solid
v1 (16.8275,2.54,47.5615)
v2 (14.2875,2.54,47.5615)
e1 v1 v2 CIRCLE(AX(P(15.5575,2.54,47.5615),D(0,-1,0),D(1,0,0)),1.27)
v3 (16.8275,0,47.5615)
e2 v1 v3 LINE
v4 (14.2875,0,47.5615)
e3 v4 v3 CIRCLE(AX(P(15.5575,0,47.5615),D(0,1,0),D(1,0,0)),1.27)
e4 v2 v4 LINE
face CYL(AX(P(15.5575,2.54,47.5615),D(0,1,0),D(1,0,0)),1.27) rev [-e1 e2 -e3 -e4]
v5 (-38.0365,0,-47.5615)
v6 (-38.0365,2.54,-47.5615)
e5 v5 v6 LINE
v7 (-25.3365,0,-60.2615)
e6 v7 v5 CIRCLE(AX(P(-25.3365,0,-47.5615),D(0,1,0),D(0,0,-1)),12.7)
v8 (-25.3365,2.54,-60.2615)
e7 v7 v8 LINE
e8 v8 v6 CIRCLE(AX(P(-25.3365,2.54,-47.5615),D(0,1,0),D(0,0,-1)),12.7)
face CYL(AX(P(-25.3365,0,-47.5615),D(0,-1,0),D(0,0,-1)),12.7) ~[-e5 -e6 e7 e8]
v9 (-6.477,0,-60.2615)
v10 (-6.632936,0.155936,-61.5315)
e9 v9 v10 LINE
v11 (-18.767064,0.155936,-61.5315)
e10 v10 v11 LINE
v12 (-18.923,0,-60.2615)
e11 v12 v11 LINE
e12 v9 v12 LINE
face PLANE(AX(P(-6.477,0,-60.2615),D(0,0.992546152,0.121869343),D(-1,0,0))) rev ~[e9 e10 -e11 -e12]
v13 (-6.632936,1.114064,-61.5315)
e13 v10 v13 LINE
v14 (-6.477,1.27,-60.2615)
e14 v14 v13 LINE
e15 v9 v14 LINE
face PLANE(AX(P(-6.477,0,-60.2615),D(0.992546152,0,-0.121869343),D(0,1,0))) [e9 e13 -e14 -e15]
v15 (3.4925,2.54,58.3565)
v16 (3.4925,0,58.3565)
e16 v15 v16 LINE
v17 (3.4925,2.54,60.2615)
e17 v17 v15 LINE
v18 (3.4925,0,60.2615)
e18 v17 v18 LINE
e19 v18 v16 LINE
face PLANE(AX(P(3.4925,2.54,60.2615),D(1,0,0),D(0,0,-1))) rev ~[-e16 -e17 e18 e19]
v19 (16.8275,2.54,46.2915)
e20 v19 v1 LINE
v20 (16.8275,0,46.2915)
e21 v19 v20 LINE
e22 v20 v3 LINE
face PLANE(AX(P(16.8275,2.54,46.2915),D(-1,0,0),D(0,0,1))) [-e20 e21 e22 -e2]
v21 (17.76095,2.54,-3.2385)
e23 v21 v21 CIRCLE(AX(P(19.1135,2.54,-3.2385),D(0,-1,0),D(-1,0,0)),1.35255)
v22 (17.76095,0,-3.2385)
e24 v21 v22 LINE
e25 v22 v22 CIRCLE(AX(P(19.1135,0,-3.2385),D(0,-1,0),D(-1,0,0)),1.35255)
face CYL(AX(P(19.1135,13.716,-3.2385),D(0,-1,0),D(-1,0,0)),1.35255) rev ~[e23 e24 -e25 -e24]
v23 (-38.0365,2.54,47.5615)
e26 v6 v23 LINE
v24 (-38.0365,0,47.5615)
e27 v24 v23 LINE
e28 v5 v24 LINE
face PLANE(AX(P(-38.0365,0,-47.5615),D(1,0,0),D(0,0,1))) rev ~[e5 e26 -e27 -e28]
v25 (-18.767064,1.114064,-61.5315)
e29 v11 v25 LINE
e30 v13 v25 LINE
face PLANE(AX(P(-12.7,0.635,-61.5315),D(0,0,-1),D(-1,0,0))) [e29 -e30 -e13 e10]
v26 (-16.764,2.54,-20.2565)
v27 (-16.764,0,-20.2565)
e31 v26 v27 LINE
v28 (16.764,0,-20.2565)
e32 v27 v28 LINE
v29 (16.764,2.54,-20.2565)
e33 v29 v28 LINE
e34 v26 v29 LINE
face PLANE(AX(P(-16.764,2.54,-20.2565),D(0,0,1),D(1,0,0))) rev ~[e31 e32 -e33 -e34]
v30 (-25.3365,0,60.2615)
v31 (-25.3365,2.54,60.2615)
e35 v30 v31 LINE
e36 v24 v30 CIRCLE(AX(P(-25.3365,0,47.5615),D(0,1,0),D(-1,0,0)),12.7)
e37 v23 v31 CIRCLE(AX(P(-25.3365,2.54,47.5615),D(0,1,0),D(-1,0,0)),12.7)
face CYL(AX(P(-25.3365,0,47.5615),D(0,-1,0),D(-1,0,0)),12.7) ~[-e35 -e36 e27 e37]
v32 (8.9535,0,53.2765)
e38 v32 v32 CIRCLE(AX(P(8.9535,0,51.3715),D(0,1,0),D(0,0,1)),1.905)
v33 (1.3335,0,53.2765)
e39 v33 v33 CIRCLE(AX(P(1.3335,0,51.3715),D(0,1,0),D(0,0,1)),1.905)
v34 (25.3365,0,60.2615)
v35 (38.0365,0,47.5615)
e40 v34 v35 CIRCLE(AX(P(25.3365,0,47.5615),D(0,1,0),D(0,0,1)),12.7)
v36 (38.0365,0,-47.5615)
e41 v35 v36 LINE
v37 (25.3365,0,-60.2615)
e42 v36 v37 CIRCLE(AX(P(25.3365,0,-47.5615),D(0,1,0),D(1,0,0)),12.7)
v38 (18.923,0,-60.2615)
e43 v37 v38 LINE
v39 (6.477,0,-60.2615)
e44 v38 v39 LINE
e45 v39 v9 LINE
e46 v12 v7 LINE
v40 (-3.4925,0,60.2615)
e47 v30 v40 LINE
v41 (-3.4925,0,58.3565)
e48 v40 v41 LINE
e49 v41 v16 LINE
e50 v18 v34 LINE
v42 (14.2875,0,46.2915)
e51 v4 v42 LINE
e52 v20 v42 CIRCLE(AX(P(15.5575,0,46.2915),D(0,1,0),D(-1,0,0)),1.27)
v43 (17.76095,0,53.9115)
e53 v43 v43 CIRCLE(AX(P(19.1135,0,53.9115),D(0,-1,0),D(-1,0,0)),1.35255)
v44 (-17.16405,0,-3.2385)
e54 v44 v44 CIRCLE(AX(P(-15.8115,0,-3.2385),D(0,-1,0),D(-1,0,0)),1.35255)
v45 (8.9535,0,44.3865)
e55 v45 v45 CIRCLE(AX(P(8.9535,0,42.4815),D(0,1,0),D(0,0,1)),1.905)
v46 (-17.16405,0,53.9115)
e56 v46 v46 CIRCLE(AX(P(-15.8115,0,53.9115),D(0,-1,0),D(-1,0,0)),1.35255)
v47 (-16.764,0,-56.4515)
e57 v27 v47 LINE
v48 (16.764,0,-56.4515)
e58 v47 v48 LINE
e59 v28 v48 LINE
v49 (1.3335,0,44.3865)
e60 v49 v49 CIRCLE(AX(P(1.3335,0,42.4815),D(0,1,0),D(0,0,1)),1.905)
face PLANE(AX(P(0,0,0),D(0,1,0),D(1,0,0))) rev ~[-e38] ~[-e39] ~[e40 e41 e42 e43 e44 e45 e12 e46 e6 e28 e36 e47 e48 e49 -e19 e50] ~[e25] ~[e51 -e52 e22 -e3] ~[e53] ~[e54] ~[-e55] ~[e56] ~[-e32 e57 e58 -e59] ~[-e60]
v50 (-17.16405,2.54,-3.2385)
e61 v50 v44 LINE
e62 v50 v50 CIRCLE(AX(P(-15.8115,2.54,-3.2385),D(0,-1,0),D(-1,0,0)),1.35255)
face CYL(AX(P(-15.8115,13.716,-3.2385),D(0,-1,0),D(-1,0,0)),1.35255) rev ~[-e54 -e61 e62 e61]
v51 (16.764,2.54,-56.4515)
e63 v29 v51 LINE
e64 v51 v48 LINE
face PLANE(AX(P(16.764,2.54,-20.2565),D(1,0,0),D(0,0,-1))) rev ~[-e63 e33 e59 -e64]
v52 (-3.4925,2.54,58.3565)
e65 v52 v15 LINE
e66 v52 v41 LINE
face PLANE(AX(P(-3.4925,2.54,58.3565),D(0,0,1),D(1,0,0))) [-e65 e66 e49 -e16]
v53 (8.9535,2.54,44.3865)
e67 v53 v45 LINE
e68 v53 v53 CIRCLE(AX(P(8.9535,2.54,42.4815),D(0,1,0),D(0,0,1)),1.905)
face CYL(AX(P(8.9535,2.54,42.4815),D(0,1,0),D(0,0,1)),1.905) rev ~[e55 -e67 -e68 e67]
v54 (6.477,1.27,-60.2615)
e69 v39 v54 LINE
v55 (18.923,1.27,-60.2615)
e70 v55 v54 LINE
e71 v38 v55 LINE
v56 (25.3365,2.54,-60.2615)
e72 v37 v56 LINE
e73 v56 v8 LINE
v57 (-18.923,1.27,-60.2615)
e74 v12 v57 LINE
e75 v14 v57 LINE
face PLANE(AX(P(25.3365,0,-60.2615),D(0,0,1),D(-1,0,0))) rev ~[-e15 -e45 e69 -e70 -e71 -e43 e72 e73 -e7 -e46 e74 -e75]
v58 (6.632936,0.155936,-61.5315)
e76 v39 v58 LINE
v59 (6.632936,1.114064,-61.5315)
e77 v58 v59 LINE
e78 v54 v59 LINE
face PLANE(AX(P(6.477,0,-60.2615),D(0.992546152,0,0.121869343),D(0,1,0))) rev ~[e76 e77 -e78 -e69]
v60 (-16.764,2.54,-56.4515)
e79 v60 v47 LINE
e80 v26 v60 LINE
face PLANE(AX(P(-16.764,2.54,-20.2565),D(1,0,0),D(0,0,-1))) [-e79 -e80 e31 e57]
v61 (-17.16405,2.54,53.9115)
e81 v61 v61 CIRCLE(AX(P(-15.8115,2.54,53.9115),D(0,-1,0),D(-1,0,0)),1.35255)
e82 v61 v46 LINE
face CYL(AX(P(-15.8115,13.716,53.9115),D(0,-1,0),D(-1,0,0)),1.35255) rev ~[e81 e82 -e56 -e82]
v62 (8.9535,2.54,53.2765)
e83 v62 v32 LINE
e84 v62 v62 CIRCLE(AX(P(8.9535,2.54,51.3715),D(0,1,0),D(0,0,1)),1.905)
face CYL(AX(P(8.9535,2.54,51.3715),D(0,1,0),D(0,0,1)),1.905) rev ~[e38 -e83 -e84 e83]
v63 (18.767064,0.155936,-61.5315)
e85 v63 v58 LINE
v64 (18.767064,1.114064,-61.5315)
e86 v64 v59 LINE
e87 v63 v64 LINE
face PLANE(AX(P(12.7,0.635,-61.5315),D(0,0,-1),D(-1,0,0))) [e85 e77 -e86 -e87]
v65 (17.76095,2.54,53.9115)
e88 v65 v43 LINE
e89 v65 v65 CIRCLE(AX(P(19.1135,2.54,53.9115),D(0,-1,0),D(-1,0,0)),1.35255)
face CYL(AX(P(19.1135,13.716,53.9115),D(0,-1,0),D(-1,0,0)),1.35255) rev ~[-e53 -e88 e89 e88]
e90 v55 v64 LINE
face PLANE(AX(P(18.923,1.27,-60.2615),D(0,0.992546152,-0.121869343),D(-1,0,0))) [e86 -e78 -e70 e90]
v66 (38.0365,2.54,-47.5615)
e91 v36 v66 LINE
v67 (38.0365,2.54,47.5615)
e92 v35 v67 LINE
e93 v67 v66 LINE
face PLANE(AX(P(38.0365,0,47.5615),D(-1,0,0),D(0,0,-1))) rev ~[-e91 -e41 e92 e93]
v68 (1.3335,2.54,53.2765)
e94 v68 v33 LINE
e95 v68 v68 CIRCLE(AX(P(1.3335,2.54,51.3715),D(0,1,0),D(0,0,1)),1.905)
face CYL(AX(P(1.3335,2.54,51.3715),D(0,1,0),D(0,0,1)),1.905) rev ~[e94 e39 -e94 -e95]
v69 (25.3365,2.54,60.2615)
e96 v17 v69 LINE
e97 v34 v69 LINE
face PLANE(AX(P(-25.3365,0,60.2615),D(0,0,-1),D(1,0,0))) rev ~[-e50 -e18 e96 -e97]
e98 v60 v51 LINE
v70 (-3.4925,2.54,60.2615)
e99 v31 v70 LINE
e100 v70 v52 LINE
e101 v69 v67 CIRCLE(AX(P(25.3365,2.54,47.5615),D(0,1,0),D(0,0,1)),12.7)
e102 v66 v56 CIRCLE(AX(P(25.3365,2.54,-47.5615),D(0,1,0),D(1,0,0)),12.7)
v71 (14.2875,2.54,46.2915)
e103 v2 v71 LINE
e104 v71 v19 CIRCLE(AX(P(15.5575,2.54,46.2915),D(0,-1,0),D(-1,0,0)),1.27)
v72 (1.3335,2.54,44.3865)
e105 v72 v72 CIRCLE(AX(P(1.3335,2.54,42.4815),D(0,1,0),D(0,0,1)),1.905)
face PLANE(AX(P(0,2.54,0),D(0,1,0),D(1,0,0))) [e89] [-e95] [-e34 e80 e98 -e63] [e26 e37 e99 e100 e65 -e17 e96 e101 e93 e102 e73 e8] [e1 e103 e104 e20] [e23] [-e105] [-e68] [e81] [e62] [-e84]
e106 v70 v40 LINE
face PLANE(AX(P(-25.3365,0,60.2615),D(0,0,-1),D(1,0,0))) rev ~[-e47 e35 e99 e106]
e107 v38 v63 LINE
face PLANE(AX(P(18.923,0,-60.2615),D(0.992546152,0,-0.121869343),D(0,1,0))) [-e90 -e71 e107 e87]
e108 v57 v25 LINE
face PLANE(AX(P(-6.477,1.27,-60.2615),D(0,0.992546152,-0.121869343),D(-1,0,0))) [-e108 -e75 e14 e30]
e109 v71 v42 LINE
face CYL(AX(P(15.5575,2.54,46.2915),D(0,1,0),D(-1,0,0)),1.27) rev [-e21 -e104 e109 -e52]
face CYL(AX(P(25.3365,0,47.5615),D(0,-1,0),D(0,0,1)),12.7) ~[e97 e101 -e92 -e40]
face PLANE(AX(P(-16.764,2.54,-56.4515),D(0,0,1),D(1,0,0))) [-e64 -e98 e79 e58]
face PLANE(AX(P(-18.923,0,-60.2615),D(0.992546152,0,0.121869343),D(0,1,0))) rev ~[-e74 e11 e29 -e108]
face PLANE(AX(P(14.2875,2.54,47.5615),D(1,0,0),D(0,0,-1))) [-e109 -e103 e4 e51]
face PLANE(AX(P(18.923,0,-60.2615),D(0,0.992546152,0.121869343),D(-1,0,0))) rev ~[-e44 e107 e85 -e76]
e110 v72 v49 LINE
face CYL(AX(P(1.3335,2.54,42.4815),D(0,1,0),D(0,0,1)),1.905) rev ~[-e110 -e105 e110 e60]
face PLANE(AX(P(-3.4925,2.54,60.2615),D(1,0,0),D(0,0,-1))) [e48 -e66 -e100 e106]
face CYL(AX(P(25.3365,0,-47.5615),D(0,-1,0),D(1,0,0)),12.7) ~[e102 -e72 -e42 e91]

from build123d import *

# Parameters (mm, degrees)
TOP_DEPTH                 = 2.54
SKETCH7_R                 = 1.905
BUTTONLEDCUT_DEPTH        = 72.306909304
SKETCH8_W                 = 33.528
SKETCH8_H                 = 36.195
SOLARCUT_DEPTH            = 72.306909304
F_6_32_TAPPED_HOLE1_D     = 2.7051
F_6_32_TAPPED_HOLE1_DEPTH = 11.176
F_6_32_TAPPED_HOLE1_TIP   = 0.81269403
SKETCH13_W                = 12.446
SKETCH13_H                = 1.27
BODY_TABS_DEPTH           = 1.27
BODY_TABS_DRAFT           = 7
BODY_TABS_PROFILE_2_DEPTH = 1.27
BODY_TABS_PROFILE_2_DRAFT = 7
SKETCH14_W                = 6.985
SKETCH14_H                = 1.905
FLAT_HEAD_HOLE_DEPTH      = 73.383371188


with BuildPart() as part:
    # Sketch2 → top (new body)
    with BuildSketch(Plane(origin=(0, 0, 0), x_dir=(1, 0, 0), z_dir=(0, 1, 0))):
        with BuildLine():
            Line((-25.3365, -60.2615), (25.3365, -60.2615))
            ThreePointArc((25.3365, -60.2615), (34.316756121, -56.541756121), (38.0365, -47.5615))
            Line((38.0365, -47.5615), (38.0365, 47.5615))
            ThreePointArc((38.0365, 47.5615), (34.316756121, 56.541756121), (25.3365, 60.2615))
            Line((25.3365, 60.2615), (-25.3365, 60.2615))
            ThreePointArc((-25.3365, 60.2615), (-34.316756121, 56.541756121), (-38.0365, 47.5615))
            Line((-38.0365, 47.5615), (-38.0365, -47.5615))
            ThreePointArc((-38.0365, -47.5615), (-34.316756121, -56.541756121), (-25.3365, -60.2615))
        make_face()
    extrude(amount=TOP_DEPTH)

    # Sketch7 → ButtonLEDCut (cut, through all)
    with BuildSketch(Plane(origin=(0, 2.54, 0), x_dir=(1, 0, 0), z_dir=(0, 1, 0))):
        with Locations(Location((1.3335, -51.3715, 0), (0, 0, 270))):
            Circle(SKETCH7_R)
        with Locations(Location((8.9535, -51.3715, 0), (0, 0, 270))):
            Circle(SKETCH7_R)
        with Locations(Location((8.9535, -42.4815, 0), (0, 0, 270))):
            Circle(SKETCH7_R)
        with Locations(Location((1.3335, -42.4815, 0), (0, 0, 270))):
            Circle(SKETCH7_R)
        with BuildLine():
            Line((16.8275, -46.2915), (16.8275, -47.5615))
            ThreePointArc((16.8275, -47.5615), (15.5575, -48.8315), (14.2875, -47.5615))
            Line((14.2875, -47.5615), (14.2875, -46.2915))
            ThreePointArc((14.2875, -46.2915), (15.5575, -45.0215), (16.8275, -46.2915))
        make_face()
    extrude(amount=-BUTTONLEDCUT_DEPTH, mode=Mode.SUBTRACT)

    # Sketch8 → SolarCut (cut, through all)
    with BuildSketch(Plane(origin=(0, 2.54, 0), x_dir=(1, 0, 0), z_dir=(0, 1, 0))):
        with Locations((0, 38.354)):
            Rectangle(SKETCH8_W, SKETCH8_H)
    extrude(amount=-SOLARCUT_DEPTH, mode=Mode.SUBTRACT)

    # #6-32 Tapped Hole1
    with Locations(Plane(origin=(0, 2.54, 0), x_dir=(1, 0, 0), z_dir=(0, 1, 0))):
        with Locations((-15.8115, 3.2385), (19.1135, 3.2385), (19.1135, -53.9115), (-15.8115, -53.9115)):
            Hole(F_6_32_TAPPED_HOLE1_D / 2, depth=F_6_32_TAPPED_HOLE1_DEPTH)
            with Locations((0, 0, -(F_6_32_TAPPED_HOLE1_DEPTH + F_6_32_TAPPED_HOLE1_TIP / 2))):  # 118° drill point
                Cone(0, F_6_32_TAPPED_HOLE1_D / 2, F_6_32_TAPPED_HOLE1_TIP, mode=Mode.SUBTRACT)


with BuildPart() as body_tabs_tool:
    # Sketch13 → Body Tabs (with draft: the straight prism first)
    with BuildSketch(Plane(origin=(0, 0, -60.2615), x_dir=(-1, 0, 0), z_dir=(0, 0, -1))):
        with Locations((-12.7, 0.635)):
            Rectangle(SKETCH13_W, SKETCH13_H)
    extrude(amount=BODY_TABS_DEPTH)
    # Body Tabs: the draft: its side faces are tilted about the plane it starts from
    body_tabs_sides = [body_tabs_tool.faces().sort_by_distance(p)[0] for p in [
        (12.7, 0, -60.8965),
        (6.477, 0.635, -60.8965),
        (12.7, 1.27, -60.8965),
        (18.923, 0.635, -60.8965),
    ]]
    draft(body_tabs_sides, Plane(origin=(0, 0, -60.2615), x_dir=(-1, 0, 0), z_dir=(0, 0, -1)), BODY_TABS_DRAFT)


with BuildPart() as part_1:
    add(part.part)

    # Body Tabs: add body_tabs_tool
    add(body_tabs_tool.part)


with BuildPart() as body_tabs_profile_2_tool:
    # Sketch13 → Body Tabs profile 2 (with draft: the straight prism first)
    with BuildSketch(Plane(origin=(0, 0, -60.2615), x_dir=(-1, 0, 0), z_dir=(0, 0, -1))):
        with Locations((12.7, 0.635)):
            Rectangle(SKETCH13_W, SKETCH13_H)
    extrude(amount=BODY_TABS_PROFILE_2_DEPTH)
    # Body Tabs profile 2: the draft: its side faces are tilted about the plane it starts from
    body_tabs_profile_2_sides = [body_tabs_profile_2_tool.faces().sort_by_distance(p)[0] for p in [
        (-18.923, 0.635, -60.8965),
        (-12.7, 1.27, -60.8965),
        (-6.477, 0.635, -60.8965),
        (-12.7, 0, -60.8965),
    ]]
    draft(body_tabs_profile_2_sides, Plane(origin=(0, 0, -60.2615), x_dir=(-1, 0, 0), z_dir=(0, 0, -1)), BODY_TABS_PROFILE_2_DRAFT)


with BuildPart() as part_2:
    add(part_1.part)

    # Body Tabs profile 2: add body_tabs_profile_2_tool
    add(body_tabs_profile_2_tool.part)

    # Sketch14 → Flat Head Hole (cut, through all)
    with BuildSketch(Plane(origin=(0, 2.54, 0), x_dir=(1, 0, 0), z_dir=(0, 1, 0))):
        with Locations((0, -59.309)):
            Rectangle(SKETCH14_W, SKETCH14_H)
    extrude(amount=-FLAT_HEAD_HOLE_DEPTH, mode=Mode.SUBTRACT)


solid = part_2.part
